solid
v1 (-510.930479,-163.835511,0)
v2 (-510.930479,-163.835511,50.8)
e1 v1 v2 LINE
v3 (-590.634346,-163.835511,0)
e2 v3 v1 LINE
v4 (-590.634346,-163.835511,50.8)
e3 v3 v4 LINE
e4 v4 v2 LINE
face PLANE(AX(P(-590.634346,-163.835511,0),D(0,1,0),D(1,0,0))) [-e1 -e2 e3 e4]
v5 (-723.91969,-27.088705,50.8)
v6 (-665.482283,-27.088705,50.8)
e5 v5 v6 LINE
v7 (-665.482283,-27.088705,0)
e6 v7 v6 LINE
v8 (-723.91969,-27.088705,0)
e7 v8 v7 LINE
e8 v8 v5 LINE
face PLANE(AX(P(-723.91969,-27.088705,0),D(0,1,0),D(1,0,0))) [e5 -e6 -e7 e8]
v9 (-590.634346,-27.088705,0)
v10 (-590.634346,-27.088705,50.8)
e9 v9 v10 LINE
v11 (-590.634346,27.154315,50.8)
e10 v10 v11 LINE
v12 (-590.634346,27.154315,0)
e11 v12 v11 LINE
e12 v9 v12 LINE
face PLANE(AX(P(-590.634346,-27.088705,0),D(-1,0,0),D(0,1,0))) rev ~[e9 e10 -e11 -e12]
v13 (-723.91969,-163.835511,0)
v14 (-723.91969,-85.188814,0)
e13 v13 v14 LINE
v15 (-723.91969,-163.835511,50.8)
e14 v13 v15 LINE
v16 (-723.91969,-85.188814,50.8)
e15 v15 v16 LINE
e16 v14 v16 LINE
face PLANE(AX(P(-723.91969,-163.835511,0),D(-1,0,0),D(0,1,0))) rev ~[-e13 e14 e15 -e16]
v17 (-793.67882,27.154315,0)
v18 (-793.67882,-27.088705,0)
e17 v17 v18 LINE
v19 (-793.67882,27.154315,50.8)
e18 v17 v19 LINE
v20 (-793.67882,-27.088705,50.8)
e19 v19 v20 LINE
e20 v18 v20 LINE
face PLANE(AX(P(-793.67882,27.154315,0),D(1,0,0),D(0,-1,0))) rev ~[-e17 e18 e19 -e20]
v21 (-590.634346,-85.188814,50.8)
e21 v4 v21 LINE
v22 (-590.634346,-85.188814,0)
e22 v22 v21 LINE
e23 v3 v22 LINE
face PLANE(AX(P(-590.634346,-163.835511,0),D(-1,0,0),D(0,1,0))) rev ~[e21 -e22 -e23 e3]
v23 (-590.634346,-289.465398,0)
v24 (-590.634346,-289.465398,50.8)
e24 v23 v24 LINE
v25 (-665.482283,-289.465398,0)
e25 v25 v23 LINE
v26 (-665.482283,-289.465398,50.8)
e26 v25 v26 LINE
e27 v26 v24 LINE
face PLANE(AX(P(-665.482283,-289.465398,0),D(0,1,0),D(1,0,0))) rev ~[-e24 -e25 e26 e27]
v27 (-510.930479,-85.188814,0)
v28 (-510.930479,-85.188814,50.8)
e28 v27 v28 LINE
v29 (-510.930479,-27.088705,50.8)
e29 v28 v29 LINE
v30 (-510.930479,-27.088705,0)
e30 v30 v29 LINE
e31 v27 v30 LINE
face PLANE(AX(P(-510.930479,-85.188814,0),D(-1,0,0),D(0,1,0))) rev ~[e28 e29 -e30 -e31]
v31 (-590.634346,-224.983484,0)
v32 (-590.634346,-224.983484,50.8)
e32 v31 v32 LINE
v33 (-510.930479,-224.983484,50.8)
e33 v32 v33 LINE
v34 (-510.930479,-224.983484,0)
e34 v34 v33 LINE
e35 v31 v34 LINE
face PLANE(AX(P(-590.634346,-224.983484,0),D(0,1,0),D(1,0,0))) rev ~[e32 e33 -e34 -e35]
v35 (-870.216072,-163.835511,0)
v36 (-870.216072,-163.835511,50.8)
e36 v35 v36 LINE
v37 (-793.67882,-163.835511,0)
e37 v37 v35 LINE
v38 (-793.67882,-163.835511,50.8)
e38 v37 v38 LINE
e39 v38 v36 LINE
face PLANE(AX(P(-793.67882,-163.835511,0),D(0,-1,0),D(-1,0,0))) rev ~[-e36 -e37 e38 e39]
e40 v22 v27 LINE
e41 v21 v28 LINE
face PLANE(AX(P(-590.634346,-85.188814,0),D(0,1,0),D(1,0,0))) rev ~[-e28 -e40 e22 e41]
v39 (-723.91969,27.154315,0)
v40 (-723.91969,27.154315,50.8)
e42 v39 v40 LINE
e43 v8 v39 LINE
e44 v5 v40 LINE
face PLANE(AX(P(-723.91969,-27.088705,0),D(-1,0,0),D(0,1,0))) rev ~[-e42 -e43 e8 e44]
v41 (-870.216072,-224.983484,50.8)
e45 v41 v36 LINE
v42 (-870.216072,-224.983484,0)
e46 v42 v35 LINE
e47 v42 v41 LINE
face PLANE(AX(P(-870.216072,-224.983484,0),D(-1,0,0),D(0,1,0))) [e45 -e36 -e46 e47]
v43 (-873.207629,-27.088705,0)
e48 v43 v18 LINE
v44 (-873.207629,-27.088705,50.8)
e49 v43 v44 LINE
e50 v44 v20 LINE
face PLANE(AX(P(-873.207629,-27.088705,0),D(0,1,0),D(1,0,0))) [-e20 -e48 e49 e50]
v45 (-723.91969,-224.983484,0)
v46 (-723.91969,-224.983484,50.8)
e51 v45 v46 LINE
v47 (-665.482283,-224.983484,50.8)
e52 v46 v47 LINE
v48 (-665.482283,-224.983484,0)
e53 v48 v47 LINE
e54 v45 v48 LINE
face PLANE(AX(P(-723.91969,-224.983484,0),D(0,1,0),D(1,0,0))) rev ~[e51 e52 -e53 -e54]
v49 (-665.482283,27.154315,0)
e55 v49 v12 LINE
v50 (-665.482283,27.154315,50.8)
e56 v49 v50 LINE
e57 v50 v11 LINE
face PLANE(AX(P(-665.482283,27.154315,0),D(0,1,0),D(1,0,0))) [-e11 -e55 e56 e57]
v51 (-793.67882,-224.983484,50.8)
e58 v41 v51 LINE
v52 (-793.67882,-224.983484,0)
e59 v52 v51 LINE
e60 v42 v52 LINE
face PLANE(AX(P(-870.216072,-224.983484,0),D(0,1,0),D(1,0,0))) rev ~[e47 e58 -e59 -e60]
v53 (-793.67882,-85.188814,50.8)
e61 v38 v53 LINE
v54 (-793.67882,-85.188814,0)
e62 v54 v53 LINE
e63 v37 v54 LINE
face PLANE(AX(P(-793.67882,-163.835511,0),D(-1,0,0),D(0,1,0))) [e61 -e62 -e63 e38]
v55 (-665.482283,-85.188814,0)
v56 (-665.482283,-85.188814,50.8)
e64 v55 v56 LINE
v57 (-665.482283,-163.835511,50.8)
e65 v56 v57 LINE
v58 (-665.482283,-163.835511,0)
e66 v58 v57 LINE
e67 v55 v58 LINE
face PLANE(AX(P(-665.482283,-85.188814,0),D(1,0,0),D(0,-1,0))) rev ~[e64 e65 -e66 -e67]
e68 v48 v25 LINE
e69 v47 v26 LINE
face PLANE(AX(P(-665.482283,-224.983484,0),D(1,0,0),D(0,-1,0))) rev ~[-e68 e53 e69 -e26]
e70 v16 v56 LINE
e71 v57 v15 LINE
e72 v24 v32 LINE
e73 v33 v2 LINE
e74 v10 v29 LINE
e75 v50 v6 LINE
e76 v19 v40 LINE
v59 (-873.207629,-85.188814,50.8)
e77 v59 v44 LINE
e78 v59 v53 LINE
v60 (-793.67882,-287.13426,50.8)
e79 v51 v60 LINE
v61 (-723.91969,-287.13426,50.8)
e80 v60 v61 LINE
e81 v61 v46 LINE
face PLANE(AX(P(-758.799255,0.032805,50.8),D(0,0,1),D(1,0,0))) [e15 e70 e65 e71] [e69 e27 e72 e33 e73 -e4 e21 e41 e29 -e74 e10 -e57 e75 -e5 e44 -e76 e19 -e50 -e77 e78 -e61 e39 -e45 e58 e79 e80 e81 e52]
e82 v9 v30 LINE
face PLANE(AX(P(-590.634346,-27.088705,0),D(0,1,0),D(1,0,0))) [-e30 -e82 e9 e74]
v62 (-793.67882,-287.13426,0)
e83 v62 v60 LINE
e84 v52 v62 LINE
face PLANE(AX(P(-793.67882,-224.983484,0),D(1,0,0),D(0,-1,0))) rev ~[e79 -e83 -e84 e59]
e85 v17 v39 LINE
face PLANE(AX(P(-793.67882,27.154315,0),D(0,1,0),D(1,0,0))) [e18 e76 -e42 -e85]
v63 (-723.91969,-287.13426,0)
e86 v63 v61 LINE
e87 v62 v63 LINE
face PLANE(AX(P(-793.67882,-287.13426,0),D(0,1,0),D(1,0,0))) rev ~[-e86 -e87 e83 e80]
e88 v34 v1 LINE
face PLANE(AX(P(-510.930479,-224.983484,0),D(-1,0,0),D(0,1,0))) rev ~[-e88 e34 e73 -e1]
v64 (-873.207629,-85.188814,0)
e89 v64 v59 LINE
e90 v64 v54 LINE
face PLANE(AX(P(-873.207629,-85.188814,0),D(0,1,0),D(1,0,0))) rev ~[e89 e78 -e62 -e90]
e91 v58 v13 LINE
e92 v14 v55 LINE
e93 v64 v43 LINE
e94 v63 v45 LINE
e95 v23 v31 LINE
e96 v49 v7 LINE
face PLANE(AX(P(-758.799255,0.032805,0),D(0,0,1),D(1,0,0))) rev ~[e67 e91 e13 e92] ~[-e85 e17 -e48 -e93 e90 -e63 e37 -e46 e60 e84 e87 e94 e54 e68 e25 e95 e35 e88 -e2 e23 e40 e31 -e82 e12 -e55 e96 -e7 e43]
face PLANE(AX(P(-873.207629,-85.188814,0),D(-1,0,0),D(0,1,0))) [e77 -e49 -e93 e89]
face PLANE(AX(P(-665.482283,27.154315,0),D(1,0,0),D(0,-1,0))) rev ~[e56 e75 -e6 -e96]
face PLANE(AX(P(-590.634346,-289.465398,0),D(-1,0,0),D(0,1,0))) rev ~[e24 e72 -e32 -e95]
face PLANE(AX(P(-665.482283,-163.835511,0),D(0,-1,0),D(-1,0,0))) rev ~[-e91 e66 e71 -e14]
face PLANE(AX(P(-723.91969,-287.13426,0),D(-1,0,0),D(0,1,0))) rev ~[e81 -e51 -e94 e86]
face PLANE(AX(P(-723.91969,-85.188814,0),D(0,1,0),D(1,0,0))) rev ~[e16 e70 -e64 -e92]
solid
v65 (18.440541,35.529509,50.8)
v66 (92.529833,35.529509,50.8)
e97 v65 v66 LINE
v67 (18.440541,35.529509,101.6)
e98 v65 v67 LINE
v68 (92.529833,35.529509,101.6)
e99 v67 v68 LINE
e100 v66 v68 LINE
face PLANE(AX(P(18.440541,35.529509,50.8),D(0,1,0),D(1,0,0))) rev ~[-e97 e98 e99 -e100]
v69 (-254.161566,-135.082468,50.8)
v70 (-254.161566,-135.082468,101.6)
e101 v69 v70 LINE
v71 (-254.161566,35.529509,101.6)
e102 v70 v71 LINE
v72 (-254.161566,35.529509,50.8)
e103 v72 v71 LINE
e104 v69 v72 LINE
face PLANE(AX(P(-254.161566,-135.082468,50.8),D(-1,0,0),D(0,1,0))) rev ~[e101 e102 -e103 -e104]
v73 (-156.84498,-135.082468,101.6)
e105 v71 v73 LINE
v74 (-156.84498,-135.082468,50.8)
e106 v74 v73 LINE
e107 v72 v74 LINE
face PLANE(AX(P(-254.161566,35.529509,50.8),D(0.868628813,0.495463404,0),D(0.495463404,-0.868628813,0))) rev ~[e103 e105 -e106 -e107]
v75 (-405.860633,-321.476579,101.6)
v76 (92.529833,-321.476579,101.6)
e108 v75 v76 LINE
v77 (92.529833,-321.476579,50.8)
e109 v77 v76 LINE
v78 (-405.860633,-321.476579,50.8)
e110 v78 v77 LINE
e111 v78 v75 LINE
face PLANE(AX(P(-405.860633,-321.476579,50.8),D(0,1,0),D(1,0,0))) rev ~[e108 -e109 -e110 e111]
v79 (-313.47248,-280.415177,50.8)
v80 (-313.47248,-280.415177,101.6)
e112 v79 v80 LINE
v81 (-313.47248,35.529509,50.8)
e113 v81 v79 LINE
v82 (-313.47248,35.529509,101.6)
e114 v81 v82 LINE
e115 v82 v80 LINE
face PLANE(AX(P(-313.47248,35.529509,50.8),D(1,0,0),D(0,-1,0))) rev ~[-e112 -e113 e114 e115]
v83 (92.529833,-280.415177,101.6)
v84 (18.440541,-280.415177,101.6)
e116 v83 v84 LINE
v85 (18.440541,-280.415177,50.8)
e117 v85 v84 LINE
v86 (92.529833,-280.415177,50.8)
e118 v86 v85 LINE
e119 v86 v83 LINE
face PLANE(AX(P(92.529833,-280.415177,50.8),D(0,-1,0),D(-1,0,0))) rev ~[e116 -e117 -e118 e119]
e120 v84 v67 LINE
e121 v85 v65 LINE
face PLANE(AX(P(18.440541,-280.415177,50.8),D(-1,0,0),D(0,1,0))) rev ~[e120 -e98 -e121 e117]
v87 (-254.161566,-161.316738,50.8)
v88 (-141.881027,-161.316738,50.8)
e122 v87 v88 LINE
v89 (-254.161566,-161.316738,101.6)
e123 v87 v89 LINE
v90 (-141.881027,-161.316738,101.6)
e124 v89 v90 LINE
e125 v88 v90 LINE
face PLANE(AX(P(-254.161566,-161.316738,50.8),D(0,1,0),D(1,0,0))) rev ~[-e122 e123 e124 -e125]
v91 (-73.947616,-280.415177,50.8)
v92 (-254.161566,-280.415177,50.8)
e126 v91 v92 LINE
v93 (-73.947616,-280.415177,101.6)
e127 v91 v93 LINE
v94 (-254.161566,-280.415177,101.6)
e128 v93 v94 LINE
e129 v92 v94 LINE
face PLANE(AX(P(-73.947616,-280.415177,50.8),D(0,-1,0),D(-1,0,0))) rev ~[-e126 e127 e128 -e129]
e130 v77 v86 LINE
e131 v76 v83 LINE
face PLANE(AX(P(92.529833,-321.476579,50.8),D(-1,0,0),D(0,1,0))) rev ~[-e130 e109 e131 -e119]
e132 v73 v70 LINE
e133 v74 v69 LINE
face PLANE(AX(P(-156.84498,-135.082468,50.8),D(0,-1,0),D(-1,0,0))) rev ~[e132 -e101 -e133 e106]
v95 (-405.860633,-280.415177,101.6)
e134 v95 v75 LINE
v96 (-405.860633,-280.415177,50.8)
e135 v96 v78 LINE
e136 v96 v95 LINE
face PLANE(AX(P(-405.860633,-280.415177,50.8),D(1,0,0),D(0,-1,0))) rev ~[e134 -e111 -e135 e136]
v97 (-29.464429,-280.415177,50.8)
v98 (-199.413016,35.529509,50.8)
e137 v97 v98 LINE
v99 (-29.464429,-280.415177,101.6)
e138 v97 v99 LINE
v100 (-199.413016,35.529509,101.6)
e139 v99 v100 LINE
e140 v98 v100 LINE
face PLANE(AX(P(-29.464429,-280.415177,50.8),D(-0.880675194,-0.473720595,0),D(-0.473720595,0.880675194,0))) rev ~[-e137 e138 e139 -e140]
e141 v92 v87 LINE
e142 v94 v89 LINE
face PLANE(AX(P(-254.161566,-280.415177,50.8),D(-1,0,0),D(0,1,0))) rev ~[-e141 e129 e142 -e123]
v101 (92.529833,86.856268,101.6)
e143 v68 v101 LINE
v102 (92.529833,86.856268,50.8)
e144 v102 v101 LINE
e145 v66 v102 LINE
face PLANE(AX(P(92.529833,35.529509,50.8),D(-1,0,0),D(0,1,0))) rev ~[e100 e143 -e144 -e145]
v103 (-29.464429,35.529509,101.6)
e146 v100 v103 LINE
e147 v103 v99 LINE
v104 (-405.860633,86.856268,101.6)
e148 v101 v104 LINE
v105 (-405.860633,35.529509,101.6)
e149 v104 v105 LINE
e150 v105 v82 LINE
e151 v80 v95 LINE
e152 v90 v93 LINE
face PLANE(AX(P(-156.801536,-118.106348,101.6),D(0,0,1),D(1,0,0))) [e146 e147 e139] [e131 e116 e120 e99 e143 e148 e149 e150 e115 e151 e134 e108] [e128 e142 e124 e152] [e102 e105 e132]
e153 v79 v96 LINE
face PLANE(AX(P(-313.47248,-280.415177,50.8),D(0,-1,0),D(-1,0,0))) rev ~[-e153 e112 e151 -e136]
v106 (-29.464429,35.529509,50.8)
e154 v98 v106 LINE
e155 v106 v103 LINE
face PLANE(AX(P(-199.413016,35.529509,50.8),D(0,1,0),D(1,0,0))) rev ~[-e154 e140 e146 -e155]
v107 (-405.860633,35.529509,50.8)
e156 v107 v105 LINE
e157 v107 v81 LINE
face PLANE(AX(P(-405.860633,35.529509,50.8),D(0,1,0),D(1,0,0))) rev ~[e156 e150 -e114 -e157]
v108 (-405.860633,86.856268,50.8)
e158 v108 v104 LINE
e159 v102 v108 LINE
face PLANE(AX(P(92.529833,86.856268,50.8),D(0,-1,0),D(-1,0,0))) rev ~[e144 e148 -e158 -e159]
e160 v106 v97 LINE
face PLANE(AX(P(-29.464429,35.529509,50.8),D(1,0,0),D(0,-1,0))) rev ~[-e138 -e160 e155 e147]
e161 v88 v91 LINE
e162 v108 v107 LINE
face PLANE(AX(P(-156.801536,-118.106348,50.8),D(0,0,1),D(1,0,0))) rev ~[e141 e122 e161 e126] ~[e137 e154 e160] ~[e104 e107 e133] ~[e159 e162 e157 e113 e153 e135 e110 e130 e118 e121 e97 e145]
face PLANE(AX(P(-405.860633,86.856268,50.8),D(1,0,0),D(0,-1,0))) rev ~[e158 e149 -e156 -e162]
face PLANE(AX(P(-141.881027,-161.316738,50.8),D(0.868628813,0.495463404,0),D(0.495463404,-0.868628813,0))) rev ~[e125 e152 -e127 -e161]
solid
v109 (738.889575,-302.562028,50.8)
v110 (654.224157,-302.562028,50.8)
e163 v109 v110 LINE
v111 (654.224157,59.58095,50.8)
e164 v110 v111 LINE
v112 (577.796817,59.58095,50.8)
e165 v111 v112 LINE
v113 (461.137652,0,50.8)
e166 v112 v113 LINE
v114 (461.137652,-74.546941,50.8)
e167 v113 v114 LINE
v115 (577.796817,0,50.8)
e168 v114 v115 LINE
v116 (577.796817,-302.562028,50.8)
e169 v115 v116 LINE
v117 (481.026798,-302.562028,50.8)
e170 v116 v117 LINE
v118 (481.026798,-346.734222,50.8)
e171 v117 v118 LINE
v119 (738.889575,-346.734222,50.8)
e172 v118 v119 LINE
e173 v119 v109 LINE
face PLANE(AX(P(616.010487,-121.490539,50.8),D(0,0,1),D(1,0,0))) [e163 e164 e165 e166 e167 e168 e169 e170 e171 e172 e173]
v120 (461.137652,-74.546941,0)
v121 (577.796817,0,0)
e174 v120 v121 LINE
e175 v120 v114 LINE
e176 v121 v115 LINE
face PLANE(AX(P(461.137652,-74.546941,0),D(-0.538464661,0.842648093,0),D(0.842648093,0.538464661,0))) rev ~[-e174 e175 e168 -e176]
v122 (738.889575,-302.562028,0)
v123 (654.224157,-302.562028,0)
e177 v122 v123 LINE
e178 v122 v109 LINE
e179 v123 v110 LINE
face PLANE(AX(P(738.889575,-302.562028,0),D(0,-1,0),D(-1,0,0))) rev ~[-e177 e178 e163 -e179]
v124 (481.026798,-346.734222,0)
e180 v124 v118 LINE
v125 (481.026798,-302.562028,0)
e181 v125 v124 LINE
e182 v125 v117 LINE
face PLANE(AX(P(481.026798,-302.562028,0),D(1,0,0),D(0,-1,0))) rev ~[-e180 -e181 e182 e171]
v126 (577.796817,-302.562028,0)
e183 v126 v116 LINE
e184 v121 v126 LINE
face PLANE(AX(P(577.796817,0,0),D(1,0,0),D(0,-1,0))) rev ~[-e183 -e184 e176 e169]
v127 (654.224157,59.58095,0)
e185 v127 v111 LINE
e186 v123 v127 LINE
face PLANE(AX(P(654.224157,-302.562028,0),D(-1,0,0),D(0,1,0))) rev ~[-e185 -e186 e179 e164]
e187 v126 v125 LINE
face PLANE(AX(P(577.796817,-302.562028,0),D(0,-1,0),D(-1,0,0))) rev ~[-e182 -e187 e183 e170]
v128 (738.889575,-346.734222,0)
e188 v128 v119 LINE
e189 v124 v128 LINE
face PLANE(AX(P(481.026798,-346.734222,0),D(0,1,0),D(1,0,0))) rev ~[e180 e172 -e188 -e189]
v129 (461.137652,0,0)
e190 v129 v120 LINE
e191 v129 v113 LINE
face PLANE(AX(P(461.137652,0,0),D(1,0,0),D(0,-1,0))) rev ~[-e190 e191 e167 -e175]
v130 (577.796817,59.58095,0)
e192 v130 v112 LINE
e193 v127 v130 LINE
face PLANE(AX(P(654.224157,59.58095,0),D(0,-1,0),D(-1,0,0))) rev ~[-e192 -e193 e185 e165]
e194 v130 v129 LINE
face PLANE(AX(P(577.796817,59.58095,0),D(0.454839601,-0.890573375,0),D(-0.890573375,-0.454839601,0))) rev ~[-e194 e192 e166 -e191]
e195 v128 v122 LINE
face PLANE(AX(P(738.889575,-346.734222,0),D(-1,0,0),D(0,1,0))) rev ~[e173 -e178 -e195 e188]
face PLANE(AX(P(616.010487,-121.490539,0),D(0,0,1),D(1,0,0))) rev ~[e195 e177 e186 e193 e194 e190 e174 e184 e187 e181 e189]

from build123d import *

# Parameters (mm, degrees)
F0_W      = 59.3109130859
F0_H      = 315.944686532
F1_DEPTH  = 50.8
F2_W      = 47.9049701244
F2_H      = 315.944686532
F3_DEPTH  = 2.54
F4_DEPTH  = 50.8
F5_W      = 69.7591304779
F5_H      = 54.2430207133
F5_H_2    = 58.1001080573
F5_W_2    = 79.5288085938
F5_W_3    = 74.8479366302
F5_W_4    = 58.4374070168
F5_W_5    = 79.7038674355
F5_H_3    = 78.646697104
F5_H_4    = 61.1479729414
F5_H_5    = 64.4819140434
F5_H_6    = 62.1507763863
F5_W_6    = 76.5372514725
F6_DEPTH  = 50.8
F8_DEPTH  = 50.8
F11_DEPTH = 50.8


with BuildPart() as f1:
    # F0 (on Top) → F1 (new body)
    with BuildSketch(Plane.XY):
        Polygon((317.2763288021, 86.8562683463), (-405.860632658, 86.8562683463), (-405.860632658, 35.5295091867), (-313.4724795818, 35.5295091867), (-254.1615664959, 35.5295091867), (317.2763288021, 35.5295091867), align=None)
        with Locations((-283.8170230389, -122.4428340793)):
            Rectangle(F0_W, F0_H)
        Polygon((-254.1615664959, -280.4151773453), (-313.4724795818, -280.4151773453), (-405.860632658, -280.4151773453), (-405.860632658, -321.4765787125), (329.8228383064, -321.4765787125), (329.8228383064, -280.4151773453), align=None)
    extrude(amount=F1_DEPTH)

    # F2 (on face) → F3 (join)
    with BuildSketch(Plane.XY.offset(50.8)):
        Polygon((-141.8810272457, -161.3167375326), (-156.8449797478, -135.0824683905), (-254.1615664959, -135.0824683905), (-254.1615664959, -161.3167375326), align=None)
        Polygon((-199.4130164385, 35.5295091867), (-254.1615664959, 35.5295091867), (-156.8449797478, -135.0824683905), (-141.8810272457, -161.3167375326), (-73.9476159215, -280.4151773453), (-29.4644292444, -280.4151773453), align=None)
        with Locations((-5.5119441822, -122.4428340793)):
            Rectangle(F2_W, F2_H)
    extrude(amount=-F3_DEPTH)

    # F4 (add): faces of the model
    f4_faces = [f1.faces().sort_by_distance(p)[0] for p in [
        (-5.5119441822, -122.4428340793, 48.26),
        (-44.2921519279, 78.4421974919, 50.8),
    ]]
    extrude(f4_faces, amount=F4_DEPTH, dir=(0, 0, -1))


with BuildPart() as f6:
    # F5 (on Top) → F6 (new body)
    with BuildSketch(Plane.XY):
        with Locations((-758.7992548943, 0.0328049064)):
            Rectangle(F5_W, F5_H)
        with Locations((-758.7992548943, -56.1387594789)):
            Rectangle(F5_W, F5_H_2)
        with Locations((-833.4432244301, -56.1387594789)):
            Rectangle(F5_W_2, F5_H_2)
        with Locations((-628.0583143234, -56.1387594789)):
            Rectangle(F5_W_3, F5_H_2)
        with Locations((-628.0583143234, 0.0328049064)):
            Rectangle(F5_W_3, F5_H)
        with Locations((-694.7009861469, -56.1387594789)):
            Rectangle(F5_W_4, F5_H_2)
        with Locations((-550.7824122906, -56.1387594789)):
            Rectangle(F5_W_5, F5_H_2)
        with Locations((-628.0583143234, -124.5121620595)):
            Rectangle(F5_W_3, F5_H_3)
        with Locations((-628.0583143234, -194.4094970822)):
            Rectangle(F5_W_3, F5_H_4)
        with Locations((-550.7824122906, -194.4094970822)):
            Rectangle(F5_W_5, F5_H_4)
        with Locations((-628.0583143234, -257.2244405746)):
            Rectangle(F5_W_3, F5_H_5)
        with Locations((-694.7009861469, -194.4094970822)):
            Rectangle(F5_W_4, F5_H_4)
        with Locations((-758.7992548943, -256.0588717461)):
            Rectangle(F5_W, F5_H_6)
        with Locations((-758.7992548943, -194.4094970822)):
            Rectangle(F5_W, F5_H_4)
        with Locations((-831.9474458694, -194.4094970822)):
            Rectangle(F5_W_6, F5_H_4)
        with Locations((-758.7992548943, -124.5121620595)):
            Rectangle(F5_W, F5_H_3)
    extrude(amount=F6_DEPTH)


with BuildPart() as f8:
    # F7 (on Top) → F8 (new body)
    with BuildSketch(Plane.XY):
        Polygon((654.2241573334, 59.5809501186), (577.7968168259, 59.5809501186), (577.7968168259, 0), (577.7968168259, -302.5620281696), (654.2241573334, -302.5620281696), align=None)
        Polygon((738.8895750046, -302.5620281696), (654.2241573334, -302.5620281696), (577.7968168259, -302.5620281696), (481.0267984867, -302.5620281696), (481.0267984867, -346.7342216172), (738.8895750046, -346.7342216172), align=None)
        Polygon((577.7968168259, 0), (577.7968168259, 59.5809501186), (461.1376523972, 0), (461.1376523972, -74.5469406247), align=None)
    extrude(amount=F8_DEPTH)


with BuildPart() as f11:
    # F9 (on face) → F11 (new body)
    with BuildSketch(Plane.XY.offset(50.8)):
        Polygon((92.5298333168, 35.5295091867), (92.5298333168, 86.8562683463), (-405.860632658, 86.8562683463), (-405.860632658, 35.5295091867), (-313.4724795818, 35.5295091867), (-313.4724795818, -280.4151773453), (-405.860632658, -280.4151773453), (-405.860632658, -321.4765787125), (92.5298333168, -321.4765787125), (92.5298333168, -280.4151773453), (18.44054088, -280.4151773453), (18.44054088, 35.5295091867), align=None)
        Polygon((-141.8810272457, -161.3167375326), (-73.9476159215, -280.4151773453), (-254.1615664959, -280.4151773453), (-254.1615664959, -161.3167375326), align=None, mode=Mode.SUBTRACT)
        Polygon((-29.4644292444, -280.4151773453), (-199.4130164385, 35.5295091867), (-29.4644292444, 35.5295091867), align=None, mode=Mode.SUBTRACT)
        Polygon((-156.8449797478, -135.0824683905), (-254.1615664959, -135.0824683905), (-254.1615664959, 35.5295091867), align=None, mode=Mode.SUBTRACT)
    extrude(amount=F11_DEPTH)


solid = Compound([f6.part, f8.part, f11.part])
